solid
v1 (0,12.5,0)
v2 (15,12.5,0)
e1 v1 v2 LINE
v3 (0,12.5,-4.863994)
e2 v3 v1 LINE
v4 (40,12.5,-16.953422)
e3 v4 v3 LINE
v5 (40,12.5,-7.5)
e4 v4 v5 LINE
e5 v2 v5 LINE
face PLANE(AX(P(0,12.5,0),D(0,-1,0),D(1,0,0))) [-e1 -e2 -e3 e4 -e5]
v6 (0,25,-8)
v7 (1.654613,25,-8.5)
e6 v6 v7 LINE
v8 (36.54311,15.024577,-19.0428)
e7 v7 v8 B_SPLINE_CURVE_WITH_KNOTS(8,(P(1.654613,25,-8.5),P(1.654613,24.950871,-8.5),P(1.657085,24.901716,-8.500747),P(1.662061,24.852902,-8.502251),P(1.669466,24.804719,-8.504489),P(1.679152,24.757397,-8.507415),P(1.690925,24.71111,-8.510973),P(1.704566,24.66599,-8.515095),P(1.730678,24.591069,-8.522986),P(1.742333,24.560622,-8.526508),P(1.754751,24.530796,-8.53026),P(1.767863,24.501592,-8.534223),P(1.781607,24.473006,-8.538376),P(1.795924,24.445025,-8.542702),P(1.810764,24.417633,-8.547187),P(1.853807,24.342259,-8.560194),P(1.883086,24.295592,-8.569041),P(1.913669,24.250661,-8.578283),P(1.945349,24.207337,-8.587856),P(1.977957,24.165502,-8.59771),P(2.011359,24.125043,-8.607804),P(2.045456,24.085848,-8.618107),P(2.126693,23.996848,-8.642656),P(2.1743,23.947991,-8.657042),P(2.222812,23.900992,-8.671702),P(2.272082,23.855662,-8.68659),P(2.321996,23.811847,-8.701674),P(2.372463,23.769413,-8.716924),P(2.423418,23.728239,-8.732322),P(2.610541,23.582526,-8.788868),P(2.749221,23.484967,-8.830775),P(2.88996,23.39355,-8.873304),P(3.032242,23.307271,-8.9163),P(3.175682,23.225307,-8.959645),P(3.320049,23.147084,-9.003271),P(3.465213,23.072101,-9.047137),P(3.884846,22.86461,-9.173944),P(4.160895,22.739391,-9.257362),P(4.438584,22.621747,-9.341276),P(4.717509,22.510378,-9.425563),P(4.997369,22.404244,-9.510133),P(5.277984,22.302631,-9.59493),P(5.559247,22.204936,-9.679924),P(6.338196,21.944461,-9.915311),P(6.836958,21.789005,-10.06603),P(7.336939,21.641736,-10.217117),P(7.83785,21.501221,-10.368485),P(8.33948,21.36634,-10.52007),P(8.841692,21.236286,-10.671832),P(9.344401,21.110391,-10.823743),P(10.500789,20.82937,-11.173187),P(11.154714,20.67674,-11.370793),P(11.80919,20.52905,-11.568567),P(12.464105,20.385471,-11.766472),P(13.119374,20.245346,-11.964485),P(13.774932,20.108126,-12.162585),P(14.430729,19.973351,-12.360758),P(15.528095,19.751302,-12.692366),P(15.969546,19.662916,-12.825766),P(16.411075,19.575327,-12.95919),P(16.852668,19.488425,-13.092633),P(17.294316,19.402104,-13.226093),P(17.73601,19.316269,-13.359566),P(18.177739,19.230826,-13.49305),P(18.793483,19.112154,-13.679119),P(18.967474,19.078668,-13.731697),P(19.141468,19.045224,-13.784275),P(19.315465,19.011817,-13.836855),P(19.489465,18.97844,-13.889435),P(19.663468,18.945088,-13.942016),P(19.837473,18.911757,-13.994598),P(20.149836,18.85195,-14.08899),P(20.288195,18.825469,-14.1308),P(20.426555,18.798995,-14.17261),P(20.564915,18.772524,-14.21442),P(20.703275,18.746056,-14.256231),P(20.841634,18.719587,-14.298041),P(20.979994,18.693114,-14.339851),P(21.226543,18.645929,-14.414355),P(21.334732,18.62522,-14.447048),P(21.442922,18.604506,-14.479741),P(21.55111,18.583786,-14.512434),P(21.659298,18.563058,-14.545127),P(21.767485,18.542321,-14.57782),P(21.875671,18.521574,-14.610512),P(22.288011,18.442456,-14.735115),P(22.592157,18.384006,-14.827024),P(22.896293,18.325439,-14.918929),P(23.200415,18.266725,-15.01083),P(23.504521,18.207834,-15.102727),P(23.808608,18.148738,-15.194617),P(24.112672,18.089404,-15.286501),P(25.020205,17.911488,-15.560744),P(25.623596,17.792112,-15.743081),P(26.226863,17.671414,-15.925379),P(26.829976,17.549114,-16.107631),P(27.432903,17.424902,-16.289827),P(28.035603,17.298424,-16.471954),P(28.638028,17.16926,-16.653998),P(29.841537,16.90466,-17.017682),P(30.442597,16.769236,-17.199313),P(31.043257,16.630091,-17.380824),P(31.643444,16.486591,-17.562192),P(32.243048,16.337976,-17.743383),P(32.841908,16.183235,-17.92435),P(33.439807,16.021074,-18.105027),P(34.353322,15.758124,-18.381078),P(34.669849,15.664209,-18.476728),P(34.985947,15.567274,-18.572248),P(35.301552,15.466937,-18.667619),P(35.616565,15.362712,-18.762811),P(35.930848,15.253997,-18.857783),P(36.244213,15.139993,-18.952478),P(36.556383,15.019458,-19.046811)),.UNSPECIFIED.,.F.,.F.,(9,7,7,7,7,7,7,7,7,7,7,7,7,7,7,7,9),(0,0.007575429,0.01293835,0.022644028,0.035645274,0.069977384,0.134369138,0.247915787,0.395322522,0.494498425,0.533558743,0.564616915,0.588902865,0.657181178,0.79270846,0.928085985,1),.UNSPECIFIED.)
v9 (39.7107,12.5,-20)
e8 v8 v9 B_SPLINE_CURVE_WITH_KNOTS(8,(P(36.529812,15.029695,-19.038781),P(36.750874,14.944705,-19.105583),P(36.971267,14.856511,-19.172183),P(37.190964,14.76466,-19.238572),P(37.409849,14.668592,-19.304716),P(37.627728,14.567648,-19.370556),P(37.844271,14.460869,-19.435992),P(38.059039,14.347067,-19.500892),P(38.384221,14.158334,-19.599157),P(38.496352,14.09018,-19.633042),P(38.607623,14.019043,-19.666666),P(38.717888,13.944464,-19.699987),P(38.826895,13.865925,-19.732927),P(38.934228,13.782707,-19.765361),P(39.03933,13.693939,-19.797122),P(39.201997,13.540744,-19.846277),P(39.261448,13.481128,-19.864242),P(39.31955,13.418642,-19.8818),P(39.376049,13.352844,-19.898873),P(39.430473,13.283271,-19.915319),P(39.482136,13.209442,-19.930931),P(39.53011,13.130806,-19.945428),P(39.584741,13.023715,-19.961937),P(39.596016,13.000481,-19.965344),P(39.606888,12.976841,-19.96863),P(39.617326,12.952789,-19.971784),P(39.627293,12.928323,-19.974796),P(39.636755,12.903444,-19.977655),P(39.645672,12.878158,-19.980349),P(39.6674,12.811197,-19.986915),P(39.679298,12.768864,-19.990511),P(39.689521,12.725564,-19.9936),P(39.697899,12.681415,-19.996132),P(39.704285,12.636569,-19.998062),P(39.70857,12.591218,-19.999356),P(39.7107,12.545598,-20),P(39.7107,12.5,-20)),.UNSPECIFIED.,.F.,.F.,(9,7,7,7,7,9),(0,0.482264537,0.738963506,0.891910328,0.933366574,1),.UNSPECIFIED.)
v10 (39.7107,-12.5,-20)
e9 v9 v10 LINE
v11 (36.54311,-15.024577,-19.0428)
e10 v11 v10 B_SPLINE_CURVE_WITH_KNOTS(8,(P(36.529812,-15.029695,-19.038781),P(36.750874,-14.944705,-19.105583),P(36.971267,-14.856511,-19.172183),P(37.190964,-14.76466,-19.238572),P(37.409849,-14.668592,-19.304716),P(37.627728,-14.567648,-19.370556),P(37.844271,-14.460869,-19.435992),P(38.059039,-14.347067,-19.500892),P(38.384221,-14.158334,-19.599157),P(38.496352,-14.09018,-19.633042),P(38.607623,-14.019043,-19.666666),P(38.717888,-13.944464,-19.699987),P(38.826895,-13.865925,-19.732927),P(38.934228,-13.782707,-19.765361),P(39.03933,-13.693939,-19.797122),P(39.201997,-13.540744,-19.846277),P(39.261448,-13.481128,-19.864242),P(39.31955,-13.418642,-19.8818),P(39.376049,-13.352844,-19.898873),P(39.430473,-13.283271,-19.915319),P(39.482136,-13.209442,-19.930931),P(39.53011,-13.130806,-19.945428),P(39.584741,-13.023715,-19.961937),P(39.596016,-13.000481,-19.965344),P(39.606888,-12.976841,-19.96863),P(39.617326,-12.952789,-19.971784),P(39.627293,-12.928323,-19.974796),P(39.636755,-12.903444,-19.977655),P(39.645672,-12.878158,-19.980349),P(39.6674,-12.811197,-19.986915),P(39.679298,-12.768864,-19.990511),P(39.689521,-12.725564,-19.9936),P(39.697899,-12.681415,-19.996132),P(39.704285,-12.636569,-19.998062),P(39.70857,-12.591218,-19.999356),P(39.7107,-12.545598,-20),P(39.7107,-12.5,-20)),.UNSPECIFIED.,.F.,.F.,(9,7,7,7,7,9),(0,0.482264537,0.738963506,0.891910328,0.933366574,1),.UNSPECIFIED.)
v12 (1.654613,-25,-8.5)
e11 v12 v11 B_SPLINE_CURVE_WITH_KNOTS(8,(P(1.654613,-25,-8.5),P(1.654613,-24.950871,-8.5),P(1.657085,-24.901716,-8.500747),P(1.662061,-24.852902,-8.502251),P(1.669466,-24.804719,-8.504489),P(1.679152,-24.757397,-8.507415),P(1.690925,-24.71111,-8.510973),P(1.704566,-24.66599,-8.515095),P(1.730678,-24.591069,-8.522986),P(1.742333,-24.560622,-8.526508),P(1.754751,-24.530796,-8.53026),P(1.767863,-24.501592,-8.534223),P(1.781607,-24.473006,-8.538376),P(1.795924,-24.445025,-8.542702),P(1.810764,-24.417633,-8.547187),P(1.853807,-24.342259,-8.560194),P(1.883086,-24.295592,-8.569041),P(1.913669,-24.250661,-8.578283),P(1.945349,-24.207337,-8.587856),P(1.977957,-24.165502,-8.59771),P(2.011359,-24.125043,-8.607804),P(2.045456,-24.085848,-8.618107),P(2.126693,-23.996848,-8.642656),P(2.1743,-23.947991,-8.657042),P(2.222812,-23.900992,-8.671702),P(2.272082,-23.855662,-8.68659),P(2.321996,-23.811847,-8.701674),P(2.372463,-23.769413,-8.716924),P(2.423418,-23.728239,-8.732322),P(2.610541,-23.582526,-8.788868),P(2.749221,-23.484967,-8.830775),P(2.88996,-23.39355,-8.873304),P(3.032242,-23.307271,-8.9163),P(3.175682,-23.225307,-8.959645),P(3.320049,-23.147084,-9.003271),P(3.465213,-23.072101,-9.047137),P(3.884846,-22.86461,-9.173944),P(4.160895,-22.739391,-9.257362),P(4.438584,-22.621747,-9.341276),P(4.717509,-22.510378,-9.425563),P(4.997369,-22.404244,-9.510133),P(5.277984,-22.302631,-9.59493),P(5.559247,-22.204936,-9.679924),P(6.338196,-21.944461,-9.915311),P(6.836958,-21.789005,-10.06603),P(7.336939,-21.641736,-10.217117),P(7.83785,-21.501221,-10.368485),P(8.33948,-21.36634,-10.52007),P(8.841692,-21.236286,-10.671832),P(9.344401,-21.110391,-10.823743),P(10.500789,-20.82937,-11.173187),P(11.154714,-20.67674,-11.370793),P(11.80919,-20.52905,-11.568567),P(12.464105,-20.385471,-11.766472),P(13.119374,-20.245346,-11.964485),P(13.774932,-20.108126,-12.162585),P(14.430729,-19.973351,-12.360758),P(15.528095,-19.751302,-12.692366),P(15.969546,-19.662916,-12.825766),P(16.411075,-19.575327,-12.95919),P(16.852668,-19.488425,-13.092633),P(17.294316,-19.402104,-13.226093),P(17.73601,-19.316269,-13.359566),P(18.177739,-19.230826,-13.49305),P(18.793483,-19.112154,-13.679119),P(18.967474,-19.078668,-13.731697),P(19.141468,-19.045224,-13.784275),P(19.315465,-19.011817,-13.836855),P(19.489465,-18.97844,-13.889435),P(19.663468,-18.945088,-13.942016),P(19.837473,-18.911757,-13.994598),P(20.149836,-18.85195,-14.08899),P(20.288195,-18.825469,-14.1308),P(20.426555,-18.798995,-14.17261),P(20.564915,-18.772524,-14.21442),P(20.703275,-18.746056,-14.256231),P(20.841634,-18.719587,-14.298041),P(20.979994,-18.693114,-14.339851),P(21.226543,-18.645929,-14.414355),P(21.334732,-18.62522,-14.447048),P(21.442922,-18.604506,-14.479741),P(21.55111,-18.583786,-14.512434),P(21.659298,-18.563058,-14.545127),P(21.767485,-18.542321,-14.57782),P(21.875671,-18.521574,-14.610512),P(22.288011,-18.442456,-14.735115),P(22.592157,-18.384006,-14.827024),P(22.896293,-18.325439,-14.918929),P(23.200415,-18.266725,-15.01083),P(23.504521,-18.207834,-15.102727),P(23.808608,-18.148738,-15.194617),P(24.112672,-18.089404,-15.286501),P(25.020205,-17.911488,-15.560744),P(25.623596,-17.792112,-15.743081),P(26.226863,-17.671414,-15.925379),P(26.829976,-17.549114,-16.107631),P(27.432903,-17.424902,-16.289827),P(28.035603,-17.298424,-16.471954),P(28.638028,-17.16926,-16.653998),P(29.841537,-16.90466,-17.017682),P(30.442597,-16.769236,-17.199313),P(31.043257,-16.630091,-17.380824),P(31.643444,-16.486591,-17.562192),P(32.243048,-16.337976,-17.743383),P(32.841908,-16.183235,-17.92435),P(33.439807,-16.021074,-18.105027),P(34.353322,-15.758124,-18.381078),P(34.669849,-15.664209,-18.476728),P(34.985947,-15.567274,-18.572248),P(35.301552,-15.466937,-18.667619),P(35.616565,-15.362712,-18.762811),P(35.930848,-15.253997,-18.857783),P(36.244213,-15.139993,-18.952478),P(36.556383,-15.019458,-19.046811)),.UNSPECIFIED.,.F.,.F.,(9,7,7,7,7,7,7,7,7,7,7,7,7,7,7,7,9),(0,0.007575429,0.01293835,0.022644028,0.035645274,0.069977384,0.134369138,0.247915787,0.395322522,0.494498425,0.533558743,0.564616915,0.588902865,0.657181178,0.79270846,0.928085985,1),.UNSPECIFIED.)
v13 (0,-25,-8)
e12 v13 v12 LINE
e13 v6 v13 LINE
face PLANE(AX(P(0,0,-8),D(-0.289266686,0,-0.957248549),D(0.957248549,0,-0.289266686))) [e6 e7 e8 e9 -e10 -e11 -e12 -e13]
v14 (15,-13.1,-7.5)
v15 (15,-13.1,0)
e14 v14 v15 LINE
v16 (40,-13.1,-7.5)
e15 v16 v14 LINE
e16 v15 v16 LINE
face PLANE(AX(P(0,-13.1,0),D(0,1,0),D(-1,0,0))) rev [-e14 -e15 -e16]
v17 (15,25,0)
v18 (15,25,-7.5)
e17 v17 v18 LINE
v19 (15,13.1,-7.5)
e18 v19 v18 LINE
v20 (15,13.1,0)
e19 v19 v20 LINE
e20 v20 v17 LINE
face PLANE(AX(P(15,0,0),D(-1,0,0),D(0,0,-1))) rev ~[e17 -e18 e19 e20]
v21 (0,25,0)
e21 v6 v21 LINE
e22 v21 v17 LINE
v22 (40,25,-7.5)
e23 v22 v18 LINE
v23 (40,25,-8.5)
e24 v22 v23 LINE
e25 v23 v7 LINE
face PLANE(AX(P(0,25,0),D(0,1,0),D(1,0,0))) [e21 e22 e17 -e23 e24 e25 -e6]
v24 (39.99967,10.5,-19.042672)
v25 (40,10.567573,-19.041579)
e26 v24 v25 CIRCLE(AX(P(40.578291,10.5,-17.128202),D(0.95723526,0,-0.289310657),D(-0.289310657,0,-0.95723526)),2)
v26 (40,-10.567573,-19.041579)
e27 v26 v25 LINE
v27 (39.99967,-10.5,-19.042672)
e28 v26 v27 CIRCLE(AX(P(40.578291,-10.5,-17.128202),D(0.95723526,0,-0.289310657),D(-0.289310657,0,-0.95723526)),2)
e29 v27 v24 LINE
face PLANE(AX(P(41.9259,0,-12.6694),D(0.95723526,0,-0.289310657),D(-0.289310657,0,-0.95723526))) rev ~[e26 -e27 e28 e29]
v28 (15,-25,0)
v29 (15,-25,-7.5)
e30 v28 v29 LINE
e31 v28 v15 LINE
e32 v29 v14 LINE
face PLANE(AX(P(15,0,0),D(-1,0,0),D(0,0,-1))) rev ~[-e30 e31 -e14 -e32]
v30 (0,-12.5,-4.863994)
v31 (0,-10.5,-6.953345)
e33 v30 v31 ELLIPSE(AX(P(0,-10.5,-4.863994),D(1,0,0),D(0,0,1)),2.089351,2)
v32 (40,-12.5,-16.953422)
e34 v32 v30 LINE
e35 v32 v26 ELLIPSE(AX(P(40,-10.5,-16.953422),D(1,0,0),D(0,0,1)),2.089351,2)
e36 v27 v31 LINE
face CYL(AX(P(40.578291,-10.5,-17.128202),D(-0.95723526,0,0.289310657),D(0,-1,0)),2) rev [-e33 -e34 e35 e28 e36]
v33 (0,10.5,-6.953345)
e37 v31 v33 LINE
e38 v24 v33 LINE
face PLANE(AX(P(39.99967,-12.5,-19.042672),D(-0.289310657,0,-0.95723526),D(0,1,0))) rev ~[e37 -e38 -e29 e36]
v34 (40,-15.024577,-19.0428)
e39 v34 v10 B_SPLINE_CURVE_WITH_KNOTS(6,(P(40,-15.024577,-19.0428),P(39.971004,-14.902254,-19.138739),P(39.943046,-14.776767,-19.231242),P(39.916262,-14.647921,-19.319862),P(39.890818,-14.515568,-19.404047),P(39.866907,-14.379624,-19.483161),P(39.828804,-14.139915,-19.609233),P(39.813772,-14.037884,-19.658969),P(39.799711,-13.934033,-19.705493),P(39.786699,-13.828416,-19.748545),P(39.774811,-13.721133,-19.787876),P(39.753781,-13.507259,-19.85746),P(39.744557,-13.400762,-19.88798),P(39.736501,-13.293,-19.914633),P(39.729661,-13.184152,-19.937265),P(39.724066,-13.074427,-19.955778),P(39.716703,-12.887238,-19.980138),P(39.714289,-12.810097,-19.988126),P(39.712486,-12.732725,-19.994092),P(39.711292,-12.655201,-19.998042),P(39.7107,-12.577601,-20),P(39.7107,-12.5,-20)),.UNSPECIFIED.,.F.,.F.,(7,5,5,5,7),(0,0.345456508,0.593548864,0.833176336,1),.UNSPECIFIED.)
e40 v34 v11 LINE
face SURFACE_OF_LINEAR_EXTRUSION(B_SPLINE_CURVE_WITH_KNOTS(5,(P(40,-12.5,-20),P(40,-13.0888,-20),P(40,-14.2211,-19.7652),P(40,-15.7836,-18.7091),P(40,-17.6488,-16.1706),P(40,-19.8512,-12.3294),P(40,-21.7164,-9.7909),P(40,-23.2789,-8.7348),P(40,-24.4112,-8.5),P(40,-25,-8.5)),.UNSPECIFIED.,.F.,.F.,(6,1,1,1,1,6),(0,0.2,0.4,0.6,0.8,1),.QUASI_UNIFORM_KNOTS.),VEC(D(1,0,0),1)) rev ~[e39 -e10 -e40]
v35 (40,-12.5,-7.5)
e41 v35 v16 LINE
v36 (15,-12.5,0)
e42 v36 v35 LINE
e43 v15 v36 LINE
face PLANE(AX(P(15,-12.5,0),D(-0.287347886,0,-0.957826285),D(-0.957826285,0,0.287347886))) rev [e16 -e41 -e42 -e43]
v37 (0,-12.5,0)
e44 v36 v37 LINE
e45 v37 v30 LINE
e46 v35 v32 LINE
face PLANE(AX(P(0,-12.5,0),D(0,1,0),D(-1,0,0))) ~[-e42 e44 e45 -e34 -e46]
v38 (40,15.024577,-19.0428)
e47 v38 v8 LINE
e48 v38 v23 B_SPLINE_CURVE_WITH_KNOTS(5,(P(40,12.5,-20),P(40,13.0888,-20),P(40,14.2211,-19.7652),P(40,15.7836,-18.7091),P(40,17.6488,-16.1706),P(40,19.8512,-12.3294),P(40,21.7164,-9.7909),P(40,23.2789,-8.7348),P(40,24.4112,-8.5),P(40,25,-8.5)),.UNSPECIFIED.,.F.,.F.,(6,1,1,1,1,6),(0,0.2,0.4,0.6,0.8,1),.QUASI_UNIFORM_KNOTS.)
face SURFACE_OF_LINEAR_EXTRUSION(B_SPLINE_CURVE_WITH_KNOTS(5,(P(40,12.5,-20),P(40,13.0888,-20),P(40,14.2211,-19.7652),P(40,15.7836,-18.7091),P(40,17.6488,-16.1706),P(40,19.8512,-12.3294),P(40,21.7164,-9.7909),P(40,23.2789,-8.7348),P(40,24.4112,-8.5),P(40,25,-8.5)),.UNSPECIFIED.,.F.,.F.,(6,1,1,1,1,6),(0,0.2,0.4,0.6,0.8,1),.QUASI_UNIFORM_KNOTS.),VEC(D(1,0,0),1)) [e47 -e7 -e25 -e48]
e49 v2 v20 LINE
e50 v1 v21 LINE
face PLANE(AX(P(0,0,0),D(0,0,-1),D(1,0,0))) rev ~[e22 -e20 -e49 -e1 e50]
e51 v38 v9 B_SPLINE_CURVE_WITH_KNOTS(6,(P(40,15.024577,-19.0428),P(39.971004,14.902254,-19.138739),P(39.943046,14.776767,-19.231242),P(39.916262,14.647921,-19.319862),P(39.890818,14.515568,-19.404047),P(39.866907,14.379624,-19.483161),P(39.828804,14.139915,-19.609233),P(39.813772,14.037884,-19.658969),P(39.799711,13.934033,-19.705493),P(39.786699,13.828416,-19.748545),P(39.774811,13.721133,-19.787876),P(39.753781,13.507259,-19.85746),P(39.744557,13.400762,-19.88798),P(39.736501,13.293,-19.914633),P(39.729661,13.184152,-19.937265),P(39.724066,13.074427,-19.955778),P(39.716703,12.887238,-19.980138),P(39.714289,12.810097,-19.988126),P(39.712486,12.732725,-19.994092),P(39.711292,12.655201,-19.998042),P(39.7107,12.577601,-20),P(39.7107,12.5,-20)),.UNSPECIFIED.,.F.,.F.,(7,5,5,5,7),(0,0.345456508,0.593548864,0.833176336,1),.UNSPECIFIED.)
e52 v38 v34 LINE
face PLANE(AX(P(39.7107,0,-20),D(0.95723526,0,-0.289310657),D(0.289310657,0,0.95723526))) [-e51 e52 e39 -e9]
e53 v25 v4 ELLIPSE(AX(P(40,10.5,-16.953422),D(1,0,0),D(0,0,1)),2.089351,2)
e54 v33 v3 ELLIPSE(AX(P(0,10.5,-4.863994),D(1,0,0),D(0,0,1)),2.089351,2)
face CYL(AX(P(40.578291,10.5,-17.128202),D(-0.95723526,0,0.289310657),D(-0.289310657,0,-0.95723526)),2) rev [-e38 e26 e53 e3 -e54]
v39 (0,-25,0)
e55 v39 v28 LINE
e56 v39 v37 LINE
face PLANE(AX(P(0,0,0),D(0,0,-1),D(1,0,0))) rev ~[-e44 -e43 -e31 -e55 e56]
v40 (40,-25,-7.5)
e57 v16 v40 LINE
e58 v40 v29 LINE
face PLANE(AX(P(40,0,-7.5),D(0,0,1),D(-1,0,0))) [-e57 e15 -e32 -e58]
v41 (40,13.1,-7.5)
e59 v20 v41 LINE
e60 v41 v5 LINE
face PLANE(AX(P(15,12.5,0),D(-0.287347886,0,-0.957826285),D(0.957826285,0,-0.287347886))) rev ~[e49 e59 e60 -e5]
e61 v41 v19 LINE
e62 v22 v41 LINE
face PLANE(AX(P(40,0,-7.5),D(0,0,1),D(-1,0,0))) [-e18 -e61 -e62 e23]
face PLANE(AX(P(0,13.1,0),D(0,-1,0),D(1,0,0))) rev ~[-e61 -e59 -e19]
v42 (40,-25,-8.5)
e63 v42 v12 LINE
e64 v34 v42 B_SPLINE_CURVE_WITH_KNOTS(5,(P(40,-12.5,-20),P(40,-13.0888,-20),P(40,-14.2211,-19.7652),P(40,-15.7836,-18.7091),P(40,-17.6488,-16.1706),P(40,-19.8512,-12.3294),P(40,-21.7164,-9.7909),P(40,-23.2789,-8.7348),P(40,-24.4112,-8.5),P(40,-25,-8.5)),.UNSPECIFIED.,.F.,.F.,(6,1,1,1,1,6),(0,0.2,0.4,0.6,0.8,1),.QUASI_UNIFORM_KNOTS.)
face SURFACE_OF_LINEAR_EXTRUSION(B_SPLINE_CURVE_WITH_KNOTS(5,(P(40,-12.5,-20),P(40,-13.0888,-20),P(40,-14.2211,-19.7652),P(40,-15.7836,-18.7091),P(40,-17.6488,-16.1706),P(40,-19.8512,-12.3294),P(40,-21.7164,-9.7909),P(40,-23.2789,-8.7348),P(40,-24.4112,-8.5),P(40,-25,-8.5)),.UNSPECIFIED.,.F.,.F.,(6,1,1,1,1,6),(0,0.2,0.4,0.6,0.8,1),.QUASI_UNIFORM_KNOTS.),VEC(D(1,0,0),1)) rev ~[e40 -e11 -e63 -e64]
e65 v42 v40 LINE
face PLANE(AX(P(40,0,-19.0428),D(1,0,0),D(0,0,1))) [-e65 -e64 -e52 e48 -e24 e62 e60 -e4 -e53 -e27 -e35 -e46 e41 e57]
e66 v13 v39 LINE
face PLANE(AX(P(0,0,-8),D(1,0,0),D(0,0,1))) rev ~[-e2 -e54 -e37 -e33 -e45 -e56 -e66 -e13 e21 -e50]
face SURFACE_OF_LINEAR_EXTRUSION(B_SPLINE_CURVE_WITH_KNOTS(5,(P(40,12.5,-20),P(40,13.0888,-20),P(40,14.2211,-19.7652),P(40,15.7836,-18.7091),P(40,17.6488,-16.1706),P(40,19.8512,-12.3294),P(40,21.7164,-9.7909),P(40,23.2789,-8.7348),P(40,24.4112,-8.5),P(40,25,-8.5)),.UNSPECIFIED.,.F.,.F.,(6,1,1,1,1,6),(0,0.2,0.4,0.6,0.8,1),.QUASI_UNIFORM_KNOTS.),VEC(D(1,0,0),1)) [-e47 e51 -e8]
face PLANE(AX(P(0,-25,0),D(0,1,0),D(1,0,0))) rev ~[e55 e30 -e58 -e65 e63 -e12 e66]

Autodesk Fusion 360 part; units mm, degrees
sketch "Skizze1" plane through (0, 0, 0) normal (0, 1, 0) x (1, 0, 0)
  line L0 (0, 0) -> (15, 0)
  line L1 (15, 0) -> (15, 8)
  line L2 (15, 8) -> (0, 8)
  line L3 (0, 8) -> (0, 0)
  line L4 (0, 8) -> (39.7107, 20)
  line L5 (39.7107, 20) -> (40, 19.0428)
  line L6 (40, 19.0428) -> (3.457, 8)
  line L7 (40, 19.0428) -> (40, 8)
  line L8 (40, 8) -> (15, 8)
  dimension "d1" = 15
  dimension "d2" = 8
  dimension "d3" = 1
  dimension "d4" = 20
  dimension "d5" = 40
extrude "Extrusion1" add sketch "Skizze1" along normal mid plane 50
ref_plane "Arbeitsebene1" through (39.8554, 0, -19.5214) normal (0.9572, 0, -0.2893) x (-0.2893, 0, -0.9572)
sketch "Skizze2" plane through (41.9259, 0, -12.6694) normal (0.9572, 0, -0.2893) x (-0.2893, 0, -0.9572)
  line L0 (6.658, 12.5) -> (-8.342, 12.5)
  line L1 (-8.342, 12.5) -> (-8.342, -12.5)
  line L2 (-8.342, -12.5) -> (6.658, -12.5)
  line L3 (6.658, -12.5) -> (6.658, 12.5)
  line L4 (6.658, 12.5) -> (-8.342, -12.5) construction
  line L5 (-8.342, 12.5) -> (6.658, -12.5) construction
  line L6 (6.658, -25) -> (6.658, 25)
  point P0 (-0.842, 0)
  dimension "d11" = 15
  dimension "d23" = 25
extrude "Extrusion2" cut sketch "Skizze2" against normal blind 50
sketch "Skizze3" plane through (40, 0, 0) normal (1, 0, 0) x (0, 0, -1)
  line L0 (8, 12.5) -> (19.0428, 12.5)
  line L1 (19.0428, 12.5) -> (19.0428, 25)
  line L2 (19.0428, 25) -> (8, 25)
  line L3 (8, 25) -> (8, 12.5)
  line L4 (20, -25) -> (20, 25)
  line L5 (20, 25) -> (19.0428, 25)
  line L6 (19.0428, 25) -> (19.0428, 12.5)
  line L7 (19.0428, 12.5) -> (19.0428, -12.5)
  line L8 (19.0428, -12.5) -> (19.0428, -25)
  line L9 (19.0428, -25) -> (20, -25)
  line L10 (8, 12.5) -> (19.0428, 12.5)
  line L11 (19.0428, -12.5) -> (8, -12.5)
  line L12 (8, -12.5) -> (8, -25)
  line L13 (8, -25) -> (19.0428, -25)
  line L14 (19.0428, -25) -> (19.0428, -12.5)
  spline S0 degree 5 poles (20, -12.5) (20, -13.0888) (19.7652, -14.2211) (18.7091, -15.7836) (16.1706, -17.6488) (12.3294, -19.8512) (9.7909, -21.7164) (8.7348, -23.2789) (8.5, -24.4112) (8.5, -25) knots 0 0 0 0 0 0 0.2 0.4 0.6 0.8 1 1 1 1 1 1
  line L15 (20, -11.5) -> (20, -13.5)
  line L16 (8.5, -24) -> (8.5, -26)
  dimension "d14" = 2
  dimension "d15" = 2
  dimension "d16" = 0.5
extrude "Extrusion3" cut sketch "Skizze3" against normal blind 50 contours L4 L8 L9 L14 S0 L15 | L8 L13 L14 S0
extrude "Extrusion4" add 2 faces at (31.6667, -16.6667, -8) (31.6667, 16.6667, -8) along direction (0, 0, 1) blind 0.5
mirror "Spiegeln1" about plane through (0, 0, 0) normal (0, 1, 0) of "Extrusion3"
fillet "Abrundung1" radius 2 2 edges at (20, -12.5, -12.999) (20, 12.5, -12.999)
sketch "Skizze4" plane through (0, 12.5, 0) normal (0, -1, 0) x (1, 0, 0)
  line L0 (0, -4.866) -> (40, -16.9534)
  line L1 (40, -16.9534) -> (40, -7.5)
  line L2 (40, -7.5) -> (15, -7.5)
  line L3 (15, -7.5) -> (15, 0)
  line L4 (15, 0) -> (0, 0)
  line L5 (0, 0) -> (0, -4.866)
  line L6 (15, 0) -> (40, -7.5)
extrude "Extrusion5" add sketch "Skizze4" against normal blind 0.6 contours L2 L3 L6
mirror "Spiegeln2" about plane through (0, 0, 0) normal (0, 1, 0) of "Extrusion5"
equation "d15 = d14"
